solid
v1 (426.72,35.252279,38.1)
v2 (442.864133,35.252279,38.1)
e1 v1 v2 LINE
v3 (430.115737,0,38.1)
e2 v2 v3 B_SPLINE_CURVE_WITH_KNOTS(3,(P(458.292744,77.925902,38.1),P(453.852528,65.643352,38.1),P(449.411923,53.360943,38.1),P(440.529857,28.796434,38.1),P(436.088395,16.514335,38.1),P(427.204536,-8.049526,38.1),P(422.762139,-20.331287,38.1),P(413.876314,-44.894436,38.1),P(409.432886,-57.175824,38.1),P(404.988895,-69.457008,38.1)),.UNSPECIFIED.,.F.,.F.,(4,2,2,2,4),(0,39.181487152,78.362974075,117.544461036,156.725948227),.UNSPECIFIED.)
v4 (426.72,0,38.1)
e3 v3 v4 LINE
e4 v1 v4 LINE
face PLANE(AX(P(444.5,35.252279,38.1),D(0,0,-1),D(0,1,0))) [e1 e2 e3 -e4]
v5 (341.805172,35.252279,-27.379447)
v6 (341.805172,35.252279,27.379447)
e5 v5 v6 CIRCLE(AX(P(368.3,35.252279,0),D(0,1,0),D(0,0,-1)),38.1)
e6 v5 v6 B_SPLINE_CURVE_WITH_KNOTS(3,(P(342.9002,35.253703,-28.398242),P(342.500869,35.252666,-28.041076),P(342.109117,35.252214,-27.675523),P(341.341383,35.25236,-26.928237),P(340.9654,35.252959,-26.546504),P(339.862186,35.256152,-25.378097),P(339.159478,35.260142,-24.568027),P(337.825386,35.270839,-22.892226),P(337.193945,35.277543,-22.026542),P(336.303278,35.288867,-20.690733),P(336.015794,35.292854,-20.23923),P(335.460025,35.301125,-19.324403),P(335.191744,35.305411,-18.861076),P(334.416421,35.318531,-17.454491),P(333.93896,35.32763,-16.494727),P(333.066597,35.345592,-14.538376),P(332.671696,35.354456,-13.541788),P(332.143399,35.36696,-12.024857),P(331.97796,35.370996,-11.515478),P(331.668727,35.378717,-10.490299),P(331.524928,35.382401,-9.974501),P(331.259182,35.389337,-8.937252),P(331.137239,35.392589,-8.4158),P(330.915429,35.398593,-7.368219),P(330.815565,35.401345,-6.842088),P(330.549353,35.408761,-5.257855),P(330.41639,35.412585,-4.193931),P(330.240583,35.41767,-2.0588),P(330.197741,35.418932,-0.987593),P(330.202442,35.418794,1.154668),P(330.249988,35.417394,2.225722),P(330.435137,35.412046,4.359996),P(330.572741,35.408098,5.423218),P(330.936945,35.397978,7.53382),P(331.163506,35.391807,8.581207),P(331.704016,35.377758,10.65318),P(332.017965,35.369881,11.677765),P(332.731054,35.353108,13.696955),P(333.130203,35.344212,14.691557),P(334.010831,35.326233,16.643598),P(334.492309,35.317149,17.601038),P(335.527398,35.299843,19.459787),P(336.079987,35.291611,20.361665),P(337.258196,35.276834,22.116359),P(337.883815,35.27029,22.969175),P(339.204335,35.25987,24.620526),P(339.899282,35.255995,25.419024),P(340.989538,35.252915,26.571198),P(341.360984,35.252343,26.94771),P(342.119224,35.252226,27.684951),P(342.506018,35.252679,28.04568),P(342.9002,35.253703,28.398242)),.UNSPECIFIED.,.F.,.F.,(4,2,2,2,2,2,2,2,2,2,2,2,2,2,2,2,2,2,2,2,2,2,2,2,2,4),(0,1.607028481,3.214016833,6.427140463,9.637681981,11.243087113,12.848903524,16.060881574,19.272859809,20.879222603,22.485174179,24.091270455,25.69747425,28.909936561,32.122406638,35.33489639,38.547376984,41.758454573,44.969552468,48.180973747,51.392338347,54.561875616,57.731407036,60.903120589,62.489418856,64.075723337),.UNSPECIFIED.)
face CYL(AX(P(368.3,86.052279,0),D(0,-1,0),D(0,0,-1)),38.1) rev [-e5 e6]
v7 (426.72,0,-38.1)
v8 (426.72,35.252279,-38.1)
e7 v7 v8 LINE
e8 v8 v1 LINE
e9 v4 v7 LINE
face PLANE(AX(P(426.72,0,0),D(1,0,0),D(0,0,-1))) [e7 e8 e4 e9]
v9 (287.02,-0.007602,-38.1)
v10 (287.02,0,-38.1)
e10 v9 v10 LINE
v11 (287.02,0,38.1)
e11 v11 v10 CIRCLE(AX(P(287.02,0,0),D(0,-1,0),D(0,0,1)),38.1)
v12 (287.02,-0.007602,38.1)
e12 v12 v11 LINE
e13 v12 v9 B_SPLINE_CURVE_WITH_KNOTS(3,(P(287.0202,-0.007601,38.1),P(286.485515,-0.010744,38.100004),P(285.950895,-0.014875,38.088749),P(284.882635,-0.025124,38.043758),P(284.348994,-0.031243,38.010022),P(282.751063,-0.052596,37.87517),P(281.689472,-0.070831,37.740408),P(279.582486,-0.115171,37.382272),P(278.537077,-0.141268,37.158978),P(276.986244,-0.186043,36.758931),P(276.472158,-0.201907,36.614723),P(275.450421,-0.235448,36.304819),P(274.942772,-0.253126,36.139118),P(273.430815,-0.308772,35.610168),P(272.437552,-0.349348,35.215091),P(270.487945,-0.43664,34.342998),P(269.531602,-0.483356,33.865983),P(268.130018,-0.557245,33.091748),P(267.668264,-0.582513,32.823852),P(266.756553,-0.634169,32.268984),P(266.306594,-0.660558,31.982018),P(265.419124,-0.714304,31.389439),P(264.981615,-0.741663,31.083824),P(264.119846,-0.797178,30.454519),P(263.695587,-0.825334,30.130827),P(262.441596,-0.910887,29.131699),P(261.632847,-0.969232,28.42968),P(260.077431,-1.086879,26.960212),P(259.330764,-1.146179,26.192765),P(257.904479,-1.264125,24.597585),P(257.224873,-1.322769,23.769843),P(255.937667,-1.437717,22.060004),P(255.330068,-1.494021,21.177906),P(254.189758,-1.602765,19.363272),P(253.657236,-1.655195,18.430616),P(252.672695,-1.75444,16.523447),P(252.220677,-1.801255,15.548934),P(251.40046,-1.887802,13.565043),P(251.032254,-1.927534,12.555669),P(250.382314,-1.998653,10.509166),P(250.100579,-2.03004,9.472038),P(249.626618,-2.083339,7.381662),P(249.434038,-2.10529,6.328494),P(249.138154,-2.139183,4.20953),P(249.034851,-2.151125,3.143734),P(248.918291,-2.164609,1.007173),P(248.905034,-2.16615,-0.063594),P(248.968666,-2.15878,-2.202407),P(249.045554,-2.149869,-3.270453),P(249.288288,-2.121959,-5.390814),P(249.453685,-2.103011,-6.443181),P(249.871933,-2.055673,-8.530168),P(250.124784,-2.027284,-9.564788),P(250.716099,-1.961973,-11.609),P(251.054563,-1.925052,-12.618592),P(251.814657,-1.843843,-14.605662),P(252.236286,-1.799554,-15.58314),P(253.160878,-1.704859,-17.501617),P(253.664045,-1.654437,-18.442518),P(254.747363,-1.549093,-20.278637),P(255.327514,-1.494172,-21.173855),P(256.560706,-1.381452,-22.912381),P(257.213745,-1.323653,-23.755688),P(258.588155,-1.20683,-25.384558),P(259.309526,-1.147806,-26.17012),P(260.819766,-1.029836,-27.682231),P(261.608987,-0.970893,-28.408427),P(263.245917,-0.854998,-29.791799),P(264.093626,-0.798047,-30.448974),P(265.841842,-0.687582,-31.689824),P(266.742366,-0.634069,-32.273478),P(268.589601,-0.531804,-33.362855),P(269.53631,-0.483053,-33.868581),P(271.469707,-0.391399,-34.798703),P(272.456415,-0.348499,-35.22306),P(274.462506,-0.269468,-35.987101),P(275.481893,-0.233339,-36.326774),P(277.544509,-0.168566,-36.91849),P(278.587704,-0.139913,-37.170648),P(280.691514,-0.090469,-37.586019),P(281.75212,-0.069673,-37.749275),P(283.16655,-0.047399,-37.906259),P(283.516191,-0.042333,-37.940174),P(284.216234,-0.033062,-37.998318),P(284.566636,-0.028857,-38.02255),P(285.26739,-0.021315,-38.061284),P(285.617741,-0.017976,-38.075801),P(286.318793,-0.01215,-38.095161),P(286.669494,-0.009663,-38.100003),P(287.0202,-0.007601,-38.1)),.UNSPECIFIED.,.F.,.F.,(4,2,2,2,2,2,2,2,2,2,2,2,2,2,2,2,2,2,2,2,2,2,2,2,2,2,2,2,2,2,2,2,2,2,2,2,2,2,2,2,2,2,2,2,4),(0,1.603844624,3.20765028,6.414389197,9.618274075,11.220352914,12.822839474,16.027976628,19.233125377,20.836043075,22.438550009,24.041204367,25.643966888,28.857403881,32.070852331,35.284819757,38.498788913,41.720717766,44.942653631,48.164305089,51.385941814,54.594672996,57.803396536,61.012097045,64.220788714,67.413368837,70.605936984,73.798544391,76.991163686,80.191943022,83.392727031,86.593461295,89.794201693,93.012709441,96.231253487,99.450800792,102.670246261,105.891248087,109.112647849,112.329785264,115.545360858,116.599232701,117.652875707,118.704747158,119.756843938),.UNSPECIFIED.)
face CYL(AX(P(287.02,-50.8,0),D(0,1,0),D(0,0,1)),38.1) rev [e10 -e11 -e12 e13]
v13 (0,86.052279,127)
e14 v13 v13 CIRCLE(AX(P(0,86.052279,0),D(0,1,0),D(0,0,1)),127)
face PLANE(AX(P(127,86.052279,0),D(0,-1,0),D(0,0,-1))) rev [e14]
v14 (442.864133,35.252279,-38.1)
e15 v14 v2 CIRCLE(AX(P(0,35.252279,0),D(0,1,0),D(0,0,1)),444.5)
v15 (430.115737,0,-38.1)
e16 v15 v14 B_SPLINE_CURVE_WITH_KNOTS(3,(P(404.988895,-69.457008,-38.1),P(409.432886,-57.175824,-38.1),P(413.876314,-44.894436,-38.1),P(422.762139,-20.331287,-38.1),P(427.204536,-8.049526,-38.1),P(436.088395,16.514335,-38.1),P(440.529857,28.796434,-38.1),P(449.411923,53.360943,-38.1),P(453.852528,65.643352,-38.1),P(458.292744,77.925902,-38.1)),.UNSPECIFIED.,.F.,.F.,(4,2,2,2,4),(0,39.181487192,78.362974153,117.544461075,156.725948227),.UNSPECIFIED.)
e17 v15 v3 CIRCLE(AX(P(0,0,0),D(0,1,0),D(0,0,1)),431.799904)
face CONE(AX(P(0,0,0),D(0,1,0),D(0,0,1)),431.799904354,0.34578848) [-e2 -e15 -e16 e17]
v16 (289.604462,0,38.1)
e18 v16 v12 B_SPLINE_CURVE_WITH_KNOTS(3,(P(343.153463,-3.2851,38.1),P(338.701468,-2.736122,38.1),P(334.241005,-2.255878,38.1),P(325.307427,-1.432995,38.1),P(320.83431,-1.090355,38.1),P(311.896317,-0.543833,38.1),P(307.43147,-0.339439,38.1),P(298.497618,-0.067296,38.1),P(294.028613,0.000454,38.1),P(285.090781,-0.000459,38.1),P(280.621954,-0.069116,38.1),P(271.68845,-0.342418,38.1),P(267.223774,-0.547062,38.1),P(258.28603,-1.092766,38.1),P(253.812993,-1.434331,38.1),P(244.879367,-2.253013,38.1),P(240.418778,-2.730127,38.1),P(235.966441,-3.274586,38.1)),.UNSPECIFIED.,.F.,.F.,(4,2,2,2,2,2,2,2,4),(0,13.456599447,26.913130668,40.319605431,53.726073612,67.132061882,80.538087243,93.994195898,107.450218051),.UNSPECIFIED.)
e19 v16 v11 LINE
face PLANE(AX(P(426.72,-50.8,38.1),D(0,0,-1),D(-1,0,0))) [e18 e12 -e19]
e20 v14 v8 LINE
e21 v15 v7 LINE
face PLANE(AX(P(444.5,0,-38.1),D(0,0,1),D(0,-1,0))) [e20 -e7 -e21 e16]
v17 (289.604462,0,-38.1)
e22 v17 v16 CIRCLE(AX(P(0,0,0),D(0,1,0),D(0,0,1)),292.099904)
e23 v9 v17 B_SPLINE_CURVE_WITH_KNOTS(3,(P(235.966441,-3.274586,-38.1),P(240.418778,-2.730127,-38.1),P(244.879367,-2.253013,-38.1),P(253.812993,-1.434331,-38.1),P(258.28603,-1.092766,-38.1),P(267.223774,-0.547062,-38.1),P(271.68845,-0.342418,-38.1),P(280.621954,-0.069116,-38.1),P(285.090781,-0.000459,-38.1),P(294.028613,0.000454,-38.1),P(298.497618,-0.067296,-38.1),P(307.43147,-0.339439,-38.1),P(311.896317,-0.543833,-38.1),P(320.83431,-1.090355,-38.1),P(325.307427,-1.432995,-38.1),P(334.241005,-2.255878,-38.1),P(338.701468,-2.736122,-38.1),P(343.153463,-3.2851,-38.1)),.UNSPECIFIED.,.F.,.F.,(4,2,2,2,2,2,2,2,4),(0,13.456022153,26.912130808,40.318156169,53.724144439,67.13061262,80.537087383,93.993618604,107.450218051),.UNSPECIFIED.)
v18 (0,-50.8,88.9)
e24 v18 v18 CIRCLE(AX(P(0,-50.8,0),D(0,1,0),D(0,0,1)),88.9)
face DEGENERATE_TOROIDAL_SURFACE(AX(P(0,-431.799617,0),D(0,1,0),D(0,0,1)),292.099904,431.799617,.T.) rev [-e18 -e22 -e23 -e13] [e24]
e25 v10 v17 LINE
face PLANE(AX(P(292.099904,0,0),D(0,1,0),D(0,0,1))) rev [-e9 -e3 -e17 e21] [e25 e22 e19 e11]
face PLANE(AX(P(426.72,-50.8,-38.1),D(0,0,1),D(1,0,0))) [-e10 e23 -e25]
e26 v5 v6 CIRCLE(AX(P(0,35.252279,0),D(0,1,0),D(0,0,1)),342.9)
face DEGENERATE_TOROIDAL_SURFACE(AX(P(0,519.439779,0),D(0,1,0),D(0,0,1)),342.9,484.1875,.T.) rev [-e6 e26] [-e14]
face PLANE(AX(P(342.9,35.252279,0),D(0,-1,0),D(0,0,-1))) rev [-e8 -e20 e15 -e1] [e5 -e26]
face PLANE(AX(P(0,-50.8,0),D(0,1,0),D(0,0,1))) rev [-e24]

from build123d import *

# Parameters (mm, degrees)
SKETCH3_W          = 76.2
SKETCH3_H          = 35.252279458
CUT_EXTRUDE1_DEPTH = 982.839871475
CUT_EXTRUDE2_DEPTH = 635.48049207
CUT_EXTRUDE3_DEPTH = 635.48049207


with BuildPart() as part:
    # Sketch2 → Revolve3 (revolve)
    with BuildSketch(Plane.XY, mode=Mode.PRIVATE) as revolve3_sk:
        with BuildLine():
            Line((431.799904354, 0), (444.5, 35.252279458))
            Line((444.5, 35.252279458), (342.9, 35.252279458))
            ThreePointArc((342.9, 35.252279458), (232.002017602, 48.123354266), (127, 86.052279458))
            Line((127, 86.052279458), (0, 86.052279458))
            Line((0, 86.052279458), (0, 0))
            Line((0, 0), (0, -50.8))
            Line((0, -50.8), (88.9, -50.8))
            ThreePointArc((88.9, -50.8), (187.373067859, -12.892468613), (292.099904354, 0))
            Line((292.099904354, 0), (431.799904354, 0))
        make_face()
    revolve(revolve3_sk.sketch.rotate(Axis((0, 86.052279458, 0), (0, -1, 0)), 90), axis=Axis((0, 86.052279458, 0), (0, -1, 0)))

    # Sketch3 → Cut-Extrude1 (cut, through all)
    with BuildSketch(Plane(origin=(426.72, 0, 0), x_dir=(0, 0, -1), z_dir=(1, 0, 0))):
        with Locations((0, 17.626139729)):
            Rectangle(SKETCH3_W, SKETCH3_H)
    extrude(amount=CUT_EXTRUDE1_DEPTH, mode=Mode.SUBTRACT)

    # Sketch4 → Cut-Extrude2 (cut, through all)
    with BuildSketch(Plane(origin=(0, 35.252279458, 0), x_dir=(1, 0, 0), z_dir=(0, 1, 0))):
        with BuildLine():
            Line((426.72, -38.1), (368.3, -38.1))
            ThreePointArc((368.3, -38.1), (330.2, 0), (368.3, 38.1))
            Line((368.3, 38.1), (426.72, 38.1))
            Line((426.72, 38.1), (426.72, -38.1))
        make_face()
    extrude(amount=CUT_EXTRUDE2_DEPTH, mode=Mode.SUBTRACT)

    # Sketch5 → Cut-Extrude3 (cut, through all)
    with BuildSketch(Plane.XZ):
        with BuildLine():
            Line((426.72, -38.1), (287.02, -38.1))
            ThreePointArc((287.02, -38.1), (248.92, 0), (287.02, 38.1))
            Line((287.02, 38.1), (426.72, 38.1))
            Line((426.72, 38.1), (426.72, -38.1))
        make_face()
    extrude(amount=CUT_EXTRUDE3_DEPTH, mode=Mode.SUBTRACT)


solid = part.part
